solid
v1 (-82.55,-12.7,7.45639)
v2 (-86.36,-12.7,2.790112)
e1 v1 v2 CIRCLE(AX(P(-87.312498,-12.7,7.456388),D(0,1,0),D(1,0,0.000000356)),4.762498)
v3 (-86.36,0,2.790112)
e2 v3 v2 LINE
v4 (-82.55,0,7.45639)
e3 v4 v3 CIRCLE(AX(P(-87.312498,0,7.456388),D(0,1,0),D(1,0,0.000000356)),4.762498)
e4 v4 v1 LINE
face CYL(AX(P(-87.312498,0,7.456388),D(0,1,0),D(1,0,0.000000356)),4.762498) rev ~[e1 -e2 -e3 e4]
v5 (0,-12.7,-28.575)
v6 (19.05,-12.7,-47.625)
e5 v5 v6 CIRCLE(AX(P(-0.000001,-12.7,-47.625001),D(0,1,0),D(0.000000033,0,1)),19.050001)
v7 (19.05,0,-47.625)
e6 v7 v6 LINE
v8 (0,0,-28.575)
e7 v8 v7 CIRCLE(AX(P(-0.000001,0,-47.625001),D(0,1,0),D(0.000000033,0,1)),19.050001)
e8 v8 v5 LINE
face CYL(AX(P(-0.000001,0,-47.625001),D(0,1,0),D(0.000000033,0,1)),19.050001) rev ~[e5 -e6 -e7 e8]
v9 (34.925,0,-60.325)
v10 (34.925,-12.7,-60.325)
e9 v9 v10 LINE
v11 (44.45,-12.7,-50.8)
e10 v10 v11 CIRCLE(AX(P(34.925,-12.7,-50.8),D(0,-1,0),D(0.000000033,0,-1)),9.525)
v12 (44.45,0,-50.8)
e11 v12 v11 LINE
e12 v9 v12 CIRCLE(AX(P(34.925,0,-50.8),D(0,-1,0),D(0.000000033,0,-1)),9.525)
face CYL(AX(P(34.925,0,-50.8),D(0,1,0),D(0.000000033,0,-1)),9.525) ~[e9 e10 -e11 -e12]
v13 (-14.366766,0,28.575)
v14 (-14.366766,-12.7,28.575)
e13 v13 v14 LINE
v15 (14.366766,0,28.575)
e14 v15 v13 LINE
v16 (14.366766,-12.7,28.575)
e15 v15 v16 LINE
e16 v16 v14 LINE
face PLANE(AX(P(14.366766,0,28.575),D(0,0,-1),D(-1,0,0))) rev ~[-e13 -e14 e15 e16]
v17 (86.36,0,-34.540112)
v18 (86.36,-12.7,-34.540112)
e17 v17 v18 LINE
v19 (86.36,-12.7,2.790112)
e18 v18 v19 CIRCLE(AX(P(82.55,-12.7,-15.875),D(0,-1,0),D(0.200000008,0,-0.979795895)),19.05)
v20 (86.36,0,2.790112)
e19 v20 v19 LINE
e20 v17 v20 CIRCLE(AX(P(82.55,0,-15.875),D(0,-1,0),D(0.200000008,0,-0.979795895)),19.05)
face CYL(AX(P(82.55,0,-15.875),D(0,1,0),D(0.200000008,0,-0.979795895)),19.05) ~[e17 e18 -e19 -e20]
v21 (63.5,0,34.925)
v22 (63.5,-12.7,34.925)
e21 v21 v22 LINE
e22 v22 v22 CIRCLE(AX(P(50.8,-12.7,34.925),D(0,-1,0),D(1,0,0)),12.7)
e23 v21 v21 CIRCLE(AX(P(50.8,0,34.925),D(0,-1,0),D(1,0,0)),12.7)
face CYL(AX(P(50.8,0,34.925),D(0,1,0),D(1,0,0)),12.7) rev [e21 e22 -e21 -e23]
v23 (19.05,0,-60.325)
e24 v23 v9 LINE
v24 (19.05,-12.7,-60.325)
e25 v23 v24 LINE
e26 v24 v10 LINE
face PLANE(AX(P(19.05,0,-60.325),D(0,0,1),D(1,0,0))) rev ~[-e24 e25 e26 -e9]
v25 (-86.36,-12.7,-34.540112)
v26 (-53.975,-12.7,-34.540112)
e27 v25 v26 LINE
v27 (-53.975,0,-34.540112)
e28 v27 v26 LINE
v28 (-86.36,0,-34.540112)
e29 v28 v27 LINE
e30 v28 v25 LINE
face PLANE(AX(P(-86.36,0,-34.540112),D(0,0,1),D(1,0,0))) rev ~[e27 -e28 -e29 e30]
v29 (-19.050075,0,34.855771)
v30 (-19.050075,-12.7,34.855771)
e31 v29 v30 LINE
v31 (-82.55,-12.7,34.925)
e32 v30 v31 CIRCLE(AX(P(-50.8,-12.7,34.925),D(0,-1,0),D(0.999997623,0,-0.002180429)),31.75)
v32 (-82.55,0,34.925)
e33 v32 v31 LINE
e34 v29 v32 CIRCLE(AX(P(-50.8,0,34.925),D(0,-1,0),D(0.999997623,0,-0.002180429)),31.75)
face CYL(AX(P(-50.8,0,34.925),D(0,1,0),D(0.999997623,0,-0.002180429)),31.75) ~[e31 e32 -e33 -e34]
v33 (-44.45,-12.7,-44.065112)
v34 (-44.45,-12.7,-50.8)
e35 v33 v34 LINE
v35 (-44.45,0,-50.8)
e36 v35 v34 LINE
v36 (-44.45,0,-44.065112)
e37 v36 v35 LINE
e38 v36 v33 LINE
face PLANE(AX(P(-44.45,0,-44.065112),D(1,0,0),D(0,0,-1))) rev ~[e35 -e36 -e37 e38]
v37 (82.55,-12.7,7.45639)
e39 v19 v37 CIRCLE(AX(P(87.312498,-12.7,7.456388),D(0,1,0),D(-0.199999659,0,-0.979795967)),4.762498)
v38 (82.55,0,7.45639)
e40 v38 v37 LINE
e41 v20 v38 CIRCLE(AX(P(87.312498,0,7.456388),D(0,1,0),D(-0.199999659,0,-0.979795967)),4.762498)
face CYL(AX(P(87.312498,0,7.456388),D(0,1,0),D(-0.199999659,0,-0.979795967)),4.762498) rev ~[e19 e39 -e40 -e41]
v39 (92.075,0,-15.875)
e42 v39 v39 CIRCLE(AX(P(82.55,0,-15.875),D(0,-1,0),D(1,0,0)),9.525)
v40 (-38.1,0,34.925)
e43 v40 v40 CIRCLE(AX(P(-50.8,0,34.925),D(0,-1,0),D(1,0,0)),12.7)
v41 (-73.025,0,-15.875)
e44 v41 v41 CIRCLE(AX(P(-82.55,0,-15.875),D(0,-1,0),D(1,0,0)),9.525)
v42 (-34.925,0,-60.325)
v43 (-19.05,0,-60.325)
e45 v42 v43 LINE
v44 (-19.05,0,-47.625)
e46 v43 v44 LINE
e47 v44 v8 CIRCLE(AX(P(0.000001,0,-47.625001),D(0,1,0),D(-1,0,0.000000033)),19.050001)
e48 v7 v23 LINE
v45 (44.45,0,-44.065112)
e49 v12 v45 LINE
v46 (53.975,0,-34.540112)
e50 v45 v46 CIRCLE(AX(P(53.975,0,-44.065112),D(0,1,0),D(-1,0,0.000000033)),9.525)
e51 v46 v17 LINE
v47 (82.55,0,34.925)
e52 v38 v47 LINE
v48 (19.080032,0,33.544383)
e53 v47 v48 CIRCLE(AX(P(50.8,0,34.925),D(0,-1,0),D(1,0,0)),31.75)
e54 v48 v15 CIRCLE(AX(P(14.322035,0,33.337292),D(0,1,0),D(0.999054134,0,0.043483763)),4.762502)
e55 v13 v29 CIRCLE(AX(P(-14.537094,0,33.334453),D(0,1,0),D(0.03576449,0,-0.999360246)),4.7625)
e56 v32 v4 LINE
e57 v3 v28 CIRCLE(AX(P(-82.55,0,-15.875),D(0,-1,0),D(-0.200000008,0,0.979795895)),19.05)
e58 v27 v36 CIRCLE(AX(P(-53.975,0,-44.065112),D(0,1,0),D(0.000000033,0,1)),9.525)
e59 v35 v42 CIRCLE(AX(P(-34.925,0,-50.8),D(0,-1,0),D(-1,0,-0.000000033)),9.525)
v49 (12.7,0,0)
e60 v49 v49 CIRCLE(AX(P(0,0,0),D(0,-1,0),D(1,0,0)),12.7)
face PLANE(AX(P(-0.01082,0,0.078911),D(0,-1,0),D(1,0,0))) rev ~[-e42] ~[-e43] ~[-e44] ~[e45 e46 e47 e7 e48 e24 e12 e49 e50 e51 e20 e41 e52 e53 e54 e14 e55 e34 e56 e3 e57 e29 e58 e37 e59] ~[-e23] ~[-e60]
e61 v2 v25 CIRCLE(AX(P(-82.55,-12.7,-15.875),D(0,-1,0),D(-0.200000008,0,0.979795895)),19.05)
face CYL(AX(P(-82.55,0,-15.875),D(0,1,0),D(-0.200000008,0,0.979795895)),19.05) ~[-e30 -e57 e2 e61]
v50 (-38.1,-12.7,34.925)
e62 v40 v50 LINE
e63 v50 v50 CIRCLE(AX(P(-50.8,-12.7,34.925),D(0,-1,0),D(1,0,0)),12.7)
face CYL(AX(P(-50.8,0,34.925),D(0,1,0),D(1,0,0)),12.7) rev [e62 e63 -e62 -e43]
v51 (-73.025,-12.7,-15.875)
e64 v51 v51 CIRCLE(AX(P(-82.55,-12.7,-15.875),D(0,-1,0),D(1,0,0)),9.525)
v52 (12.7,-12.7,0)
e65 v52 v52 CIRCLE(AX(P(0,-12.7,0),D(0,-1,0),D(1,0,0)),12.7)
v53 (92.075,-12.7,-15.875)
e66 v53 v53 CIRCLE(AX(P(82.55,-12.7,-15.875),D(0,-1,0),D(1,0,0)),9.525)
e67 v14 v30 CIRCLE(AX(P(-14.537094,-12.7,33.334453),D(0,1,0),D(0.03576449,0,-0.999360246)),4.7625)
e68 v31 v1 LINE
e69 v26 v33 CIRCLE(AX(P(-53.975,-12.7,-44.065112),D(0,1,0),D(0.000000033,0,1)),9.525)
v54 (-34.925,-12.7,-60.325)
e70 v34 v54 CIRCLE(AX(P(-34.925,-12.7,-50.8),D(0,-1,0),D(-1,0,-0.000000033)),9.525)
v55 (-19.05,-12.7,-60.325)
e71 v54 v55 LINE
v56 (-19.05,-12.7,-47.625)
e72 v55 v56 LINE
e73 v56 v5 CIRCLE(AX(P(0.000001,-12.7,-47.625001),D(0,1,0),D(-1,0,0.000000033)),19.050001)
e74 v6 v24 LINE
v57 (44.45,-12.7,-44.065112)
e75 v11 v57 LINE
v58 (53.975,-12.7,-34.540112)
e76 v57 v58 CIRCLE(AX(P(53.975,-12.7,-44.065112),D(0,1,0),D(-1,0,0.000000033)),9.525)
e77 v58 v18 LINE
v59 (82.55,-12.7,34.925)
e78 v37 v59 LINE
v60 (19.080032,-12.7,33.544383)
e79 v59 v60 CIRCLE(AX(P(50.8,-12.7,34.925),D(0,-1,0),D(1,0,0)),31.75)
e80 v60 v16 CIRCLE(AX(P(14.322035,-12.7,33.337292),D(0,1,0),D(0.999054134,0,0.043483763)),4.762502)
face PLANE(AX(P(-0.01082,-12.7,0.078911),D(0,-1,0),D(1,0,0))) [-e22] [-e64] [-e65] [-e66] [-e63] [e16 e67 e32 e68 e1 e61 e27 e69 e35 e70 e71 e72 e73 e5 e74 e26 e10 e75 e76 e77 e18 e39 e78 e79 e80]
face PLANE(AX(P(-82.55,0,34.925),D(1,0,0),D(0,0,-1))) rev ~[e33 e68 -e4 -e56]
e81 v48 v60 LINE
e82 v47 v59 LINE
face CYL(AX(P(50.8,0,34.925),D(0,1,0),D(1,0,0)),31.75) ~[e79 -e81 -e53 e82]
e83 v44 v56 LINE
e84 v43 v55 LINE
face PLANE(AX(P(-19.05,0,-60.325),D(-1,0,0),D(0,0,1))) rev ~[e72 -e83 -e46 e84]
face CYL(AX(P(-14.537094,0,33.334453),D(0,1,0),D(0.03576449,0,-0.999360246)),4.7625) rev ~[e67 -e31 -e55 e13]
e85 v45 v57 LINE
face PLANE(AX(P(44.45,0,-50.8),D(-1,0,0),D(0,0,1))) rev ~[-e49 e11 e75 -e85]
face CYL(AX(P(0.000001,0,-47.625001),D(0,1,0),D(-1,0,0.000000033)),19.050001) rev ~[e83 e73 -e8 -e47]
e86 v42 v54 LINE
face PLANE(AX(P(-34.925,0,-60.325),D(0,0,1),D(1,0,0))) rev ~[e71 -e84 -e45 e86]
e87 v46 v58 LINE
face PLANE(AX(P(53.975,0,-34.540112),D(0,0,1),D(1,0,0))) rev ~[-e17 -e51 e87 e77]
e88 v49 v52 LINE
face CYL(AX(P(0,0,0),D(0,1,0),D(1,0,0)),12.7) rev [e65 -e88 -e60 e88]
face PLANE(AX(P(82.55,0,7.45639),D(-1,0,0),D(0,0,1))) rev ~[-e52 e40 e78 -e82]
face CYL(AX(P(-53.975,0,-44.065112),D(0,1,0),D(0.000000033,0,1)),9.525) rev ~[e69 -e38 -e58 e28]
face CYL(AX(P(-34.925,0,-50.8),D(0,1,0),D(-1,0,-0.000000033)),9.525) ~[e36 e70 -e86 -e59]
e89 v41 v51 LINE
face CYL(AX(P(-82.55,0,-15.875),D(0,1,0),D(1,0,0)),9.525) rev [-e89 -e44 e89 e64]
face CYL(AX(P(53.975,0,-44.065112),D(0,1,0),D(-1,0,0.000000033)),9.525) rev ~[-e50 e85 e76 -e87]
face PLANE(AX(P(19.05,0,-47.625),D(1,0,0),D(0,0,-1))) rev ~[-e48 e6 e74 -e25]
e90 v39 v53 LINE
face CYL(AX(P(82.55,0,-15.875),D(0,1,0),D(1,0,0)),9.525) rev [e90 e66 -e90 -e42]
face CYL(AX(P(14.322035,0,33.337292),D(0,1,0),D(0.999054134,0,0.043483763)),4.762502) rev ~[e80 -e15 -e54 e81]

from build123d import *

# Parameters (mm, degrees)
F0_R     = 9.525
F0_R_2   = 12.7
F1_DEPTH = 12.7


with BuildPart() as f1:
    # F0 (on Front) → F1 (new body)
    with BuildSketch(Plane.XZ):
        with BuildLine():
            ThreePointArc((19.080032, 33.544383), (17.7775, 30.059917), (14.366766, 28.575))
            Line((14.366766, 28.575), (-14.366766, 28.575))
            ThreePointArc((-14.366766, 28.575), (-18.355036, 30.487573), (-19.050075, 34.855771))
            ThreePointArc((-19.050075, 34.855771), (-50.765385, 66.674981), (-82.55, 34.925))
            Line((-82.55, 34.925), (-82.55, 7.45639))
            ThreePointArc((-82.55, 7.45639), (-83.623483, 4.44432), (-86.36, 2.790112))
            ThreePointArc((-86.36, 2.790112), (-101.6, -15.875), (-86.36, -34.540112))
            Line((-86.36, -34.540112), (-53.975, -34.540112))
            ThreePointArc((-53.975, -34.540112), (-47.239808, -37.32992), (-44.45, -44.065112))
            Line((-44.45, -44.065112), (-44.45, -50.8))
            ThreePointArc((-44.45, -50.8), (-41.660192, -57.535192), (-34.925, -60.325))
            Line((-34.925, -60.325), (-19.05, -60.325))
            Line((-19.05, -60.325), (-19.05, -47.625))
            ThreePointArc((-19.05, -47.625), (-13.470384, -34.154616), (0, -28.575))
            ThreePointArc((0, -28.575), (13.470384, -34.154616), (19.05, -47.625))
            Line((19.05, -47.625), (19.05, -60.325))
            Line((19.05, -60.325), (34.925, -60.325))
            ThreePointArc((34.925, -60.325), (41.660192, -57.535192), (44.45, -50.8))
            Line((44.45, -50.8), (44.45, -44.065112))
            ThreePointArc((44.45, -44.065112), (47.239808, -37.32992), (53.975, -34.540112))
            Line((53.975, -34.540112), (86.36, -34.540112))
            ThreePointArc((86.36, -34.540112), (101.6, -15.875), (86.36, 2.790112))
            ThreePointArc((86.36, 2.790112), (83.623483, 4.44432), (82.55, 7.45639))
            Line((82.55, 7.45639), (82.55, 34.925))
            ThreePointArc((82.55, 34.925), (50.109528, 66.667491), (19.080032, 33.544383))
        make_face()
        with Locations((-82.55, -15.875)):
            Circle(F0_R, mode=Mode.SUBTRACT)
        Circle(F0_R_2, mode=Mode.SUBTRACT)
        with Locations((82.55, -15.875)):
            Circle(F0_R, mode=Mode.SUBTRACT)
        with Locations((-50.8, 34.925)):
            Circle(F0_R_2, mode=Mode.SUBTRACT)
        with Locations((50.8, 34.925)):
            Circle(F0_R_2, mode=Mode.SUBTRACT)
    extrude(amount=F1_DEPTH)


solid = f1.part
